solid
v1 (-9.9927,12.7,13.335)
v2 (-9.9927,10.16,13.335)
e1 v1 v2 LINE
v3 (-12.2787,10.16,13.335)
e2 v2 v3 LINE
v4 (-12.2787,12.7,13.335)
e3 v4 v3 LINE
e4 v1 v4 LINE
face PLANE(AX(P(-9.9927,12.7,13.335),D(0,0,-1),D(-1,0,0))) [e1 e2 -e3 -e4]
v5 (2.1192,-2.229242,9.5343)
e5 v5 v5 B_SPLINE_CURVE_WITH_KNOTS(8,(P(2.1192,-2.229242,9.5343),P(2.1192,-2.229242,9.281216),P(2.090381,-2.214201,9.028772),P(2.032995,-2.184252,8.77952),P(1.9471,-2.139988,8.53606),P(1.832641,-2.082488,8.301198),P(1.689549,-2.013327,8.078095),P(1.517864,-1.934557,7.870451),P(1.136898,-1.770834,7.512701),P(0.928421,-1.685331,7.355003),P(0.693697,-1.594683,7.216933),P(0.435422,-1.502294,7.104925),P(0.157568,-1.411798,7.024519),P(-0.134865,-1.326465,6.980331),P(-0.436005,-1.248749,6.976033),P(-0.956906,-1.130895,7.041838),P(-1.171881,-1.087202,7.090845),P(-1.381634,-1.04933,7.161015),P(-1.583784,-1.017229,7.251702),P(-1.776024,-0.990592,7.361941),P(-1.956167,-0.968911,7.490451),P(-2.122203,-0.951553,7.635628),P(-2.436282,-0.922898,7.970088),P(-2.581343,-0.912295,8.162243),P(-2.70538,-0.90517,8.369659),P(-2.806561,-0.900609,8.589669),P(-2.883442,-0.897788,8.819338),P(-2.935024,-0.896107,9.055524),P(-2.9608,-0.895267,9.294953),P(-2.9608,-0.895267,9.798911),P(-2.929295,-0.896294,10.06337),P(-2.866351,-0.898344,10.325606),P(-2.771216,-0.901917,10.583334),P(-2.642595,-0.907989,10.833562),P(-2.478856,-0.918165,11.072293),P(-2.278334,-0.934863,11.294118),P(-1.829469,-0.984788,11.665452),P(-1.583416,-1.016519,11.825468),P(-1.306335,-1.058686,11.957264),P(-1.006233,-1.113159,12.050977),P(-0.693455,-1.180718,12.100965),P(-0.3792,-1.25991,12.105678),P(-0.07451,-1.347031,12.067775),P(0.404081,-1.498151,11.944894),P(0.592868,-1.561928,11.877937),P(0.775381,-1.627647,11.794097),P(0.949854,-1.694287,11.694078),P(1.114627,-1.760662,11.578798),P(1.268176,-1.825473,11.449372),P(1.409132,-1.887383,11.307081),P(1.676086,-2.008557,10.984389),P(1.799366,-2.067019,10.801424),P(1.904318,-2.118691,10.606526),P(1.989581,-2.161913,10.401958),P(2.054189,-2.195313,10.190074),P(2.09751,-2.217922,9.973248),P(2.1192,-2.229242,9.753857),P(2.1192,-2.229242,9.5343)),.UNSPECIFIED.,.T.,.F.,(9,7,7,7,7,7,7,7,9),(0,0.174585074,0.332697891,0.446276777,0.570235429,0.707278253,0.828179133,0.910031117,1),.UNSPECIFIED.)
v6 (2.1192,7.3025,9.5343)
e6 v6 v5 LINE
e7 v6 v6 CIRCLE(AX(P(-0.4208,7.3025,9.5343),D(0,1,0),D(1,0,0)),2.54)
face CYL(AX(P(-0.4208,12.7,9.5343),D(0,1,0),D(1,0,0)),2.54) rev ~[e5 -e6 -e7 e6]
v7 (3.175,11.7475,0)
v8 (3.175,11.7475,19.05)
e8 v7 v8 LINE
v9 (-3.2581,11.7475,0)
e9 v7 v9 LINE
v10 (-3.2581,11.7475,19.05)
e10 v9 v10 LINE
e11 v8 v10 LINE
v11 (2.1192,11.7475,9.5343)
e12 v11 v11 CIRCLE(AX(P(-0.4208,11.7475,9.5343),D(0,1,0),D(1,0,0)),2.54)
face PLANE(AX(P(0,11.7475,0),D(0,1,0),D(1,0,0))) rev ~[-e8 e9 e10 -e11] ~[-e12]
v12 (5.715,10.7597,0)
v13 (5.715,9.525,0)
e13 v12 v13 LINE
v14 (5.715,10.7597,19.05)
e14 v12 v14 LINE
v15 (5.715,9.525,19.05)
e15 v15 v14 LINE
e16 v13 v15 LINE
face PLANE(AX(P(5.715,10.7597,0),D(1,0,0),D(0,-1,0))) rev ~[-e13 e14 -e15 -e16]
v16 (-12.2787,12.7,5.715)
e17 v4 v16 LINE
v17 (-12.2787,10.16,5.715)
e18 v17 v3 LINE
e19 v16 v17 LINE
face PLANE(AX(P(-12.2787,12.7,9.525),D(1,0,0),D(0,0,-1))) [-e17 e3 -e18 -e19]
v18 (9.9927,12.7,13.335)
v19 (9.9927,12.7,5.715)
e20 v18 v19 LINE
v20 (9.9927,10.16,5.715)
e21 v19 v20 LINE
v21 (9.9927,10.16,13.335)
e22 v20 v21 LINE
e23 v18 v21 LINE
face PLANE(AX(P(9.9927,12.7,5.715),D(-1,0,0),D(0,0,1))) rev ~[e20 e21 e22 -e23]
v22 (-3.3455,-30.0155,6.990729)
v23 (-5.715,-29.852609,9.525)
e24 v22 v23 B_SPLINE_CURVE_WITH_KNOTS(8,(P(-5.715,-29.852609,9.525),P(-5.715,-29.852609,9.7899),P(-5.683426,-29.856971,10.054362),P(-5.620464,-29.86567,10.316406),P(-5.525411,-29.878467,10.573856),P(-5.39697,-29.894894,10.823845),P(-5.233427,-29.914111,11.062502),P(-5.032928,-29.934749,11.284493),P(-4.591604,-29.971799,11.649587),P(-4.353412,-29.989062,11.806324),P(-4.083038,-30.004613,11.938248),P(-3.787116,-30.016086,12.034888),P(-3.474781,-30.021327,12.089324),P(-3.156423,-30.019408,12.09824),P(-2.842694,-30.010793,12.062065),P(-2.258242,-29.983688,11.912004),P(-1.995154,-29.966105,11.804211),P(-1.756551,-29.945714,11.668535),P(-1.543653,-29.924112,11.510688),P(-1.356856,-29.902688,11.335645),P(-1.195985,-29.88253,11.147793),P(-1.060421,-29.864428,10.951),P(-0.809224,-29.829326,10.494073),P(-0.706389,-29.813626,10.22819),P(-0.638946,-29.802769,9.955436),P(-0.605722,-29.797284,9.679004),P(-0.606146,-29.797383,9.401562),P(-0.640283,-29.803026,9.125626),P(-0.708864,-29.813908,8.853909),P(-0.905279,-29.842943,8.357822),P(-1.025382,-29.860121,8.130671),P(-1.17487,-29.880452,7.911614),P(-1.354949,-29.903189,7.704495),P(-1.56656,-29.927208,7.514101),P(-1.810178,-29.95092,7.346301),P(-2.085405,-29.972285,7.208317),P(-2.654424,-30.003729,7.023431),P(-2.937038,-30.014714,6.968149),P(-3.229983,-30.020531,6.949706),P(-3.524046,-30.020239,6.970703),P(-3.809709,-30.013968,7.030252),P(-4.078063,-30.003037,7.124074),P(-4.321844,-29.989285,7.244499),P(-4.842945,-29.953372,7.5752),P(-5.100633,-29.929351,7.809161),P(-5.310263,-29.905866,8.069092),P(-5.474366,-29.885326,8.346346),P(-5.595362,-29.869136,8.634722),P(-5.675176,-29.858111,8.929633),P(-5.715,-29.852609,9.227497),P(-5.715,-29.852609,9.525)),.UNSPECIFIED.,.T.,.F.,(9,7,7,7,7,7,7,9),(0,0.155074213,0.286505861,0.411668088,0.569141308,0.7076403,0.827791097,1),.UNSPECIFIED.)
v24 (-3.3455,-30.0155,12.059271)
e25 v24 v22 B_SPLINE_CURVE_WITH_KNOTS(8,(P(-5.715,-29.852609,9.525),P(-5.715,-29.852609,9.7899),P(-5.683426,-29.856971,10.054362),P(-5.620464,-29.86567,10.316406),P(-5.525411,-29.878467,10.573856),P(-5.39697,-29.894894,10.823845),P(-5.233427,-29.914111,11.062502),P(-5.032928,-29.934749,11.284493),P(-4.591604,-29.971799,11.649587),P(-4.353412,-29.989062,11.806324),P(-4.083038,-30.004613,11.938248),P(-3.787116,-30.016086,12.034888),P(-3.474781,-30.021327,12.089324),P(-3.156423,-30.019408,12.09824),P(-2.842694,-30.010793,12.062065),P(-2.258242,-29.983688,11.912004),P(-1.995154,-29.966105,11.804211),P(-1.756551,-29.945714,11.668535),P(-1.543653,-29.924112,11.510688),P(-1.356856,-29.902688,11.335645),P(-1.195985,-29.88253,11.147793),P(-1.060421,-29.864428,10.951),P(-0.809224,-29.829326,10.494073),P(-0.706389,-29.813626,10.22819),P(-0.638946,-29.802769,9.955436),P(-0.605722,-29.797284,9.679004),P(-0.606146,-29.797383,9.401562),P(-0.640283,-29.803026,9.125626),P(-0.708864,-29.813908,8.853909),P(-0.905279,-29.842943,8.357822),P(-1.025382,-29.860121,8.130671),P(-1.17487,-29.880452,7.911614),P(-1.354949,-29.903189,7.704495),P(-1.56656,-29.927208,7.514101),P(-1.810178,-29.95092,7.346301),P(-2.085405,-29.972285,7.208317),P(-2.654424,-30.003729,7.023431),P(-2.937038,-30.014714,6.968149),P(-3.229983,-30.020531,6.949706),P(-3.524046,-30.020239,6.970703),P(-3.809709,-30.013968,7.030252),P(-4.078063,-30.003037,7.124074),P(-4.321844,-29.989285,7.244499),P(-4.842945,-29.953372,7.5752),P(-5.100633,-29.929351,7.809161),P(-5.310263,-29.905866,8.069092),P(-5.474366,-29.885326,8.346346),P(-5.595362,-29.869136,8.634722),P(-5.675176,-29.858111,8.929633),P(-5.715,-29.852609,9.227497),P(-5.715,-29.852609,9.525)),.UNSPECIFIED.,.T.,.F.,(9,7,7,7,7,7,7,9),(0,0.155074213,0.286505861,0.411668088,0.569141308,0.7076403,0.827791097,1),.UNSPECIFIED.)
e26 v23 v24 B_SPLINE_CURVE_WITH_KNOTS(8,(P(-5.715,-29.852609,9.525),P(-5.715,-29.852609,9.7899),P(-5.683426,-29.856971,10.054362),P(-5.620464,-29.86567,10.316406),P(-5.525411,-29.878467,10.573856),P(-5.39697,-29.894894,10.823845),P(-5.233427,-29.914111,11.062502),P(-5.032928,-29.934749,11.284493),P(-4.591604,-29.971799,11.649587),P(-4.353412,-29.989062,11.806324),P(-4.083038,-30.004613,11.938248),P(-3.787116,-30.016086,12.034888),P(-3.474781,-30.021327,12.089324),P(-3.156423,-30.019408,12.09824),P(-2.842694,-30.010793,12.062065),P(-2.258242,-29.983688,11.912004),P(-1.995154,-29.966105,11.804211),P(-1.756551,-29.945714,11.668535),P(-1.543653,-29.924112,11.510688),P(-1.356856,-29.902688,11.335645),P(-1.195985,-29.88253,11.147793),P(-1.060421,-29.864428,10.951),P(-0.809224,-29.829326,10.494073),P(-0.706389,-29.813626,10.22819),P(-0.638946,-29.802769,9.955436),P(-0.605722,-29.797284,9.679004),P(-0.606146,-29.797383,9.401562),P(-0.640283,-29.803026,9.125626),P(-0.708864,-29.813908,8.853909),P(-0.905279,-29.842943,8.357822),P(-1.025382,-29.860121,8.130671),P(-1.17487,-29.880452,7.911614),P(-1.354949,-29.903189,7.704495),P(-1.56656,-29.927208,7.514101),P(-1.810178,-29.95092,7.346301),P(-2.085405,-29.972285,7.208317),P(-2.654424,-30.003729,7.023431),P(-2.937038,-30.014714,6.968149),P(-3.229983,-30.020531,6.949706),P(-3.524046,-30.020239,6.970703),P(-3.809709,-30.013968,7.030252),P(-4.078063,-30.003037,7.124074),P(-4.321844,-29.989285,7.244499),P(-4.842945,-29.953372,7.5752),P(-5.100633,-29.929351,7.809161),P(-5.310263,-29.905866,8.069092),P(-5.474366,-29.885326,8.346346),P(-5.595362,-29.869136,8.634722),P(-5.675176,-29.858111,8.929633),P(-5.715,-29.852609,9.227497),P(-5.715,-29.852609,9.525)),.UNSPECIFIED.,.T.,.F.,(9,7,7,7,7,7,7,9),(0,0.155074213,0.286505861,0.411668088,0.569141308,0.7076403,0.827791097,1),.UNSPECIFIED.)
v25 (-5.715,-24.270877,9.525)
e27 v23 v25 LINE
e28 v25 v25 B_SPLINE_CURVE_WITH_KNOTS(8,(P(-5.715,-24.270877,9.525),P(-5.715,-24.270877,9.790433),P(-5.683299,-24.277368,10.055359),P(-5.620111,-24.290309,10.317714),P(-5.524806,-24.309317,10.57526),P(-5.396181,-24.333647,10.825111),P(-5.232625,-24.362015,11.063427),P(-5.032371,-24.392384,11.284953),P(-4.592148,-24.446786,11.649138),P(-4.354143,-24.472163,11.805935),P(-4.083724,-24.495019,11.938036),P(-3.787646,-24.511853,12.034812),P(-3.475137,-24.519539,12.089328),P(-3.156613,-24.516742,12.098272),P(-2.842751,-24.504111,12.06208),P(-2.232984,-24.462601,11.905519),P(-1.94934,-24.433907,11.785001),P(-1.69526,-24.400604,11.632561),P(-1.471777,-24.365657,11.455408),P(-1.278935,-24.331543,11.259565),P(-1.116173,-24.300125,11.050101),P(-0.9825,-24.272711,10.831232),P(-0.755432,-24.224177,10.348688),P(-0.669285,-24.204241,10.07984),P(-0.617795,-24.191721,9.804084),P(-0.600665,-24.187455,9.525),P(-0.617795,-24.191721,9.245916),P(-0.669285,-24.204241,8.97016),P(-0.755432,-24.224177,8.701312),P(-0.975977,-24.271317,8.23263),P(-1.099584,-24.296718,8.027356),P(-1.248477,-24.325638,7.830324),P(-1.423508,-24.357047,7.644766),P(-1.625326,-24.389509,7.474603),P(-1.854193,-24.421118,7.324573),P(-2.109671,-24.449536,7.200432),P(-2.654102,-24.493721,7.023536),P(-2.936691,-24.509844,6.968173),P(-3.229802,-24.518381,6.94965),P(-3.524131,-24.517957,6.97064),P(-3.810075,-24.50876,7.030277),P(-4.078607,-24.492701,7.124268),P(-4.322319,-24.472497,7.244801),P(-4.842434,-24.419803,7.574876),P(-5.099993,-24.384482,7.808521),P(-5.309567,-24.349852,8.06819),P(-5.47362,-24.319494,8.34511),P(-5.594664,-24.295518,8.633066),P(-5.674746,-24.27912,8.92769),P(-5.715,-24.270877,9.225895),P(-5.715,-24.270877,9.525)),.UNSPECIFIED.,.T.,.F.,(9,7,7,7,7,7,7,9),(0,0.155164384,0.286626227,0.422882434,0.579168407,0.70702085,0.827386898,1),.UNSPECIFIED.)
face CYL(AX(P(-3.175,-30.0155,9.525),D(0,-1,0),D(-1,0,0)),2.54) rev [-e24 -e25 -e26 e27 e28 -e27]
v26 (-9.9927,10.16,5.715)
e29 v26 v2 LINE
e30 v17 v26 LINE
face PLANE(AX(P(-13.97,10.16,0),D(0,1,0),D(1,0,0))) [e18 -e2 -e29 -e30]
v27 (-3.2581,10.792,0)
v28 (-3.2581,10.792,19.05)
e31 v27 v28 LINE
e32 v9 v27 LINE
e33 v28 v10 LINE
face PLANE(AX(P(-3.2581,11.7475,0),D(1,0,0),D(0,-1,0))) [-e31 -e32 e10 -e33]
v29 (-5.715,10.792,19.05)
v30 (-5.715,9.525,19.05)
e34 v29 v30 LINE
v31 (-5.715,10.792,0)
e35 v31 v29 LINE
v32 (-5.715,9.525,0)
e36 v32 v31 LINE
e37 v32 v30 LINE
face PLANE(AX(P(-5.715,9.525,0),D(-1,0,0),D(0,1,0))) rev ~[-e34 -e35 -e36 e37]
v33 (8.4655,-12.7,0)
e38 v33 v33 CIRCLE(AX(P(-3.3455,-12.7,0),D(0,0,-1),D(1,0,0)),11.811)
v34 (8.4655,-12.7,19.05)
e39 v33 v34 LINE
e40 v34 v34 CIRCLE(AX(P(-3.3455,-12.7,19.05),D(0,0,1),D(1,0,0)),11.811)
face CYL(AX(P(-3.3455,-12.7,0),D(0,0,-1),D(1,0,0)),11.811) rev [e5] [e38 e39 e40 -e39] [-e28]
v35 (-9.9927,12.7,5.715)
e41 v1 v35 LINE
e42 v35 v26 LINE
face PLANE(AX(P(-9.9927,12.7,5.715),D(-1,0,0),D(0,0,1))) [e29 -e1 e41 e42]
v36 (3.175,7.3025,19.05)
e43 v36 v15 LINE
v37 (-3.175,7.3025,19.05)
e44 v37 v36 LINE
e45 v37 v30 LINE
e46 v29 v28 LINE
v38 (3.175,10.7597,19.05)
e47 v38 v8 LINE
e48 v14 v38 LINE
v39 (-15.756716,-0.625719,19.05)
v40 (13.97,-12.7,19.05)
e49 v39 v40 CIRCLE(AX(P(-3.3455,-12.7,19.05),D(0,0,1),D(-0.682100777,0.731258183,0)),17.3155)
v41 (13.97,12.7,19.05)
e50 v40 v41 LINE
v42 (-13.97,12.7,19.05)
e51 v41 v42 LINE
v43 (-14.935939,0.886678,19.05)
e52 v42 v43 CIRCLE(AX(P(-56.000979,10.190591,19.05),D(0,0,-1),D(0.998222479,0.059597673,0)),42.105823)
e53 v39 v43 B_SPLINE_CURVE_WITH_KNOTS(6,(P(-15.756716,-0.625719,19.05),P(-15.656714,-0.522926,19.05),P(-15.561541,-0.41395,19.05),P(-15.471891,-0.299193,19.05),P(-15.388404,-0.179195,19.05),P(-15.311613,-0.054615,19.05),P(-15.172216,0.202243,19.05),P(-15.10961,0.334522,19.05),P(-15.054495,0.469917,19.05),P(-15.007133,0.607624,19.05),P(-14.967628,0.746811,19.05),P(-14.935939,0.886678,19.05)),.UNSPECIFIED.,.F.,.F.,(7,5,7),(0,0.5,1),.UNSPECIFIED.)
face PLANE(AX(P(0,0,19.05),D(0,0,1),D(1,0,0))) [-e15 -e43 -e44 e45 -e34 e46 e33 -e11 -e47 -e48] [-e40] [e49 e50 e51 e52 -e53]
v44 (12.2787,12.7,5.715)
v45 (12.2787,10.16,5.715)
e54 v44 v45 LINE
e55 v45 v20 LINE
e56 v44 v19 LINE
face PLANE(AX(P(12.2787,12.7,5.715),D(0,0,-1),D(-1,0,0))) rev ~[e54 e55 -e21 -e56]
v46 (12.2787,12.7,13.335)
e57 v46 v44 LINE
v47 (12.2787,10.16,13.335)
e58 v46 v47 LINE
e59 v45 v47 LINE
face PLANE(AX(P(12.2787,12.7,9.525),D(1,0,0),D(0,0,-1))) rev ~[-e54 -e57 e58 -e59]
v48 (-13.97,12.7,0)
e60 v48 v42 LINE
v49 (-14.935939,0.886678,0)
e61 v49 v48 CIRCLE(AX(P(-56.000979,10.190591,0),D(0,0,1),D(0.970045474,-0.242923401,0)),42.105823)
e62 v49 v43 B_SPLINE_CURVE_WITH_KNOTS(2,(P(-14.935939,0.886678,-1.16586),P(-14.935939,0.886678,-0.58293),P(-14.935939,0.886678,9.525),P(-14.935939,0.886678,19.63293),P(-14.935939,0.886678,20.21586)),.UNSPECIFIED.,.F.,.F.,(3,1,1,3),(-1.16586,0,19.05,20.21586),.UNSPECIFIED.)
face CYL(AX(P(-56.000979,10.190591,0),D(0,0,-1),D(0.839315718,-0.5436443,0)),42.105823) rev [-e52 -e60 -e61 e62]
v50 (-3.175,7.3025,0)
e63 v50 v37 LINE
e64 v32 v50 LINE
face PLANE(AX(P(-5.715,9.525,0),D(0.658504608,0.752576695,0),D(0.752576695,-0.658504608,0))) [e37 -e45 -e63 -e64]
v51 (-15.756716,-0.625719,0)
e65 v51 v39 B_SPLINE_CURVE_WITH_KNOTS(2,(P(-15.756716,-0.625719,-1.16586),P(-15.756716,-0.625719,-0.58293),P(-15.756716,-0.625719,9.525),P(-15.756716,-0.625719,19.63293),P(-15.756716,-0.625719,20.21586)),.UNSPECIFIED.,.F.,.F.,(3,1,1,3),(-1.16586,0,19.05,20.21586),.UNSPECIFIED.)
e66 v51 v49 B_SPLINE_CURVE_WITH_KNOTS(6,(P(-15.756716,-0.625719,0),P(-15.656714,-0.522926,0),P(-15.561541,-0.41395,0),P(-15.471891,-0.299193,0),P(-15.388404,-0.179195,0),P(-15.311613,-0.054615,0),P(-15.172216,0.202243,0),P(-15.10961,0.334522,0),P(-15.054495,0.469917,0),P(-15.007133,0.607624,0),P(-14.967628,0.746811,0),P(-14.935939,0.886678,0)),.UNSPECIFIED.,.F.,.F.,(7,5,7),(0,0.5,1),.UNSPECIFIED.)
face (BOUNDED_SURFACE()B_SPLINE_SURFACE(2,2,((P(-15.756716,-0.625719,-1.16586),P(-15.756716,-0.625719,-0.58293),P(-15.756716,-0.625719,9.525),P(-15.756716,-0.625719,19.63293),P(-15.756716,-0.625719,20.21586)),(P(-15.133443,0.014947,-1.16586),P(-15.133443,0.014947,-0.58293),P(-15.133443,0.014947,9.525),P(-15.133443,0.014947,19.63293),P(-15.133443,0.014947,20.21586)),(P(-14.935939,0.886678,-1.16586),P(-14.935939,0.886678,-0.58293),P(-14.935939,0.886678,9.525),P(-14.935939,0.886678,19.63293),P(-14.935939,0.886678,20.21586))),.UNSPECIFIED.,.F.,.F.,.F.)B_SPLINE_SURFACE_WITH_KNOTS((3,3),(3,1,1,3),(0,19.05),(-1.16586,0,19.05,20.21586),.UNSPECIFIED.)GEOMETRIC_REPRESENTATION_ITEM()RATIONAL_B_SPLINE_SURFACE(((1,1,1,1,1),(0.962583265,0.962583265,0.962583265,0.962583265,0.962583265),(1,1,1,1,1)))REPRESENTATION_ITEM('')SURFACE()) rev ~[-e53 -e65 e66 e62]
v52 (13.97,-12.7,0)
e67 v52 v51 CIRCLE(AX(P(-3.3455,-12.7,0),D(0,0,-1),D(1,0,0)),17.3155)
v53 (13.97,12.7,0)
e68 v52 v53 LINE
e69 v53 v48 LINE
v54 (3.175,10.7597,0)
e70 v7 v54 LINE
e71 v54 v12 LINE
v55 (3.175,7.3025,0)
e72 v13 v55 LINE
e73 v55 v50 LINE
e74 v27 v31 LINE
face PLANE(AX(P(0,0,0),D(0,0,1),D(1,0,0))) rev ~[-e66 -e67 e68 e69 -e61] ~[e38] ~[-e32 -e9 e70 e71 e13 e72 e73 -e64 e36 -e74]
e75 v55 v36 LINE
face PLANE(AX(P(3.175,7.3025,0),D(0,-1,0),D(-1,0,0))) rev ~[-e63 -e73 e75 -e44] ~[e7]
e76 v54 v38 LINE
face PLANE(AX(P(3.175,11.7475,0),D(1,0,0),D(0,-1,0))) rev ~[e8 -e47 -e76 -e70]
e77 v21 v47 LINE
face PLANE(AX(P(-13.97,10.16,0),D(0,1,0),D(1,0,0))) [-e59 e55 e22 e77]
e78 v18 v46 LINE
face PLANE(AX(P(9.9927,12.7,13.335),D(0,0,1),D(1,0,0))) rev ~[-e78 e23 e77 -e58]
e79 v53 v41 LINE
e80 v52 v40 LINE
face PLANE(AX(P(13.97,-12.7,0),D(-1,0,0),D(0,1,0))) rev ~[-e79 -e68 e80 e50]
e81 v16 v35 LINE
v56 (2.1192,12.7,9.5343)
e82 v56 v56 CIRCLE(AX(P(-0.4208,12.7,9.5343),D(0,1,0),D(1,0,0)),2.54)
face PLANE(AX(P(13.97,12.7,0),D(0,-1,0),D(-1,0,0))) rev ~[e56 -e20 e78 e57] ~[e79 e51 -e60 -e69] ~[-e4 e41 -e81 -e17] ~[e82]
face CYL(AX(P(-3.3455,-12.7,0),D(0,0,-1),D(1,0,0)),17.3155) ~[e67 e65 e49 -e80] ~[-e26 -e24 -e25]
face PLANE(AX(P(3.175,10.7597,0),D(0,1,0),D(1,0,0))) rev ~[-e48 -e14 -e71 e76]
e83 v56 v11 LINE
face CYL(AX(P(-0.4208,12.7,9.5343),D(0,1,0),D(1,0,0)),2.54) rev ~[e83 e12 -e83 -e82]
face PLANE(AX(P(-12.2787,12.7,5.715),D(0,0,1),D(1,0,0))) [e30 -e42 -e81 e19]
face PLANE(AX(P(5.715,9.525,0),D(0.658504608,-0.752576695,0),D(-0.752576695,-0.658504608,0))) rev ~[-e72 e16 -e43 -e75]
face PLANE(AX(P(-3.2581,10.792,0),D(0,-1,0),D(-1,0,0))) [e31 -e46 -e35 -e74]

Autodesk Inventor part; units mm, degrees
ref_plane "YZ Plane" through (0, 0, 0) normal (1, 0, 0) x (0, 1, 0)
sketch "Sketch1" plane through (0, 0, 0) normal (0, 0, 1) x (1, 0, 0)
  line L0 (-13.97, -12.7) -> (13.97, -12.7)
  line L1 (13.97, -12.7) -> (13.97, 12.7)
  line L2 (13.97, 12.7) -> (-13.97, 12.7)
  line L3 (-13.97, 12.7) -> (-13.97, -12.7)
  line L4 (-13.97, -12.7) -> (13.97, 12.7) construction
  line L5 (13.97, -12.7) -> (-13.97, 12.7) construction
  arc A0 (-13.97, -12.7) -> (13.97, -12.7) centre (0, -12.7) ccw
  circle A1 centre (-3.3455, -12.7) radius 11.811
  line L6 (0, -12.7) -> (-13.97, -12.7)
  line L7 (0, -12.7) -> (-6.985, -12.7)
  circle A2 centre (-3.3455, -12.7) radius 17.3155
  arc A3 (-20.6609, -12.7) -> (-13.97, 12.7) centre (-56.001, 10.1906) ccw
  point P0 (0, 0)
  point P1 (-15.1565, -0.038)
  dimension "d0" = 27.94
  dimension "d1" = 25.4
  dimension "d2" = 23.622
sketch "Sketch5" plane through (0, 0, 0) normal (0, 0, 1) x (1, 0, 0)
  line L0 (0, 12.7) -> (0, 6.35)
  line L1 (0, 12.7) -> (0, 9.525)
  line L2 (5.715, 7.3025) -> (-5.715, 7.3025)
  line L3 (-5.715, 7.3025) -> (-5.715, 11.7475)
  line L4 (-5.715, 11.7475) -> (5.715, 11.7475)
  line L5 (5.715, 11.7475) -> (5.715, 7.3025)
  line L6 (5.715, 7.3025) -> (-5.715, 11.7475) construction
  line L7 (-5.715, 7.3025) -> (5.715, 11.7475) construction
  line L8 (5.715, 11.7475) -> (3.175, 11.7475)
  line L9 (3.175, 11.7475) -> (3.175, 10.7597)
  line L10 (3.175, 10.7597) -> (5.715, 10.7597)
  line L11 (5.715, 10.7597) -> (5.715, 11.7475)
  line L12 (-5.715, 11.7475) -> (-3.2581, 11.7475)
  line L13 (-3.2581, 11.7475) -> (-3.2581, 10.792)
  line L14 (-3.2581, 10.792) -> (-5.715, 10.792)
  line L15 (-5.715, 10.792) -> (-5.715, 11.7475)
  line L16 (5.715, 9.525) -> (3.175, 7.3025)
  line L17 (-5.715, 9.525) -> (-3.175, 7.3025)
  point P0 (0, 0)
  point P1 (5.715, 10.7597)
  point P2 (-3.2581, 11.7475)
  point P3 (-5.715, 10.792)
  dimension "d5" = 4.445
  dimension "d6" = 11.43
  dimension "d7" = 2.54
ref_plane "Work Plane4" through (-13.97, 12.7, 0) normal (0, 1, 0) x (1, 0, 0)
sketch "Sketch6" plane through (-13.97, 12.7, 0) normal (0, 1, 0) x (1, 0, 0)
  circle A0 centre (13.5492, -9.5343) radius 2.54
  dimension "d19" = 5.08
extrude "Extrusion7" add sketch "Sketch1" along normal blind 19.05 contours A1 A0 A2 A3 L3 | L3 A2 L0 A1 | A1 L0 A0 | A2 A3 L3 | L3 A3 L2 L1 A2 | A3 A2 picked at (12.0052, -13.7923)
extrude "Extrusion8" cut sketch "Sketch5" along normal blind 20.32 contours L4 L9 L10 L5 L16 L2 L0 | L0 L2 L17 L3 L14 L13 L4
extrude "Extrusion9" cut sketch "Sketch6" against normal blind 15.24
fillet "Fillet1" radius 3.175 1 edges at (-15.1565, -0.038, 9.525)
sketch "Sketch10" plane through (-13.97, 12.7, 0) normal (0, 1, 0) x (1, 0, 0)
  line L0 (13.97, 0) -> (13.97, -20.32)
  line L1 (0.0748, -19.05) -> (0.0748, 0) projected
  line L2 (0.0748, -9.525) -> (27.94, -9.525)
  line L3 (27.94, 0) -> (27.94, -19.05) projected
  line L4 (3.9773, -13.335) -> (1.6913, -13.335)
  line L5 (1.6913, -13.335) -> (1.6913, -5.715)
  line L6 (1.6913, -5.715) -> (3.9773, -5.715)
  line L7 (3.9773, -5.715) -> (3.9773, -13.335)
  line L8 (3.9773, -13.335) -> (1.6913, -5.715) construction
  line L9 (1.6913, -13.335) -> (3.9773, -5.715) construction
  line L10 (23.9627, -13.335) -> (26.2487, -13.335)
  line L11 (26.2487, -13.335) -> (26.2487, -5.715)
  line L12 (26.2487, -5.715) -> (23.9627, -5.715)
  line L13 (23.9627, -5.715) -> (23.9627, -13.335)
  point P0 (2.8343, -9.525)
  dimension "d32" = 2.286
  dimension "d33" = 7.62
extrude "Extrusion10" cut sketch "Sketch10" against normal blind 2.54
ref_plane "Work Plane5" through (-3.3455, -30.0155, 0) normal (0, 1, 0) x (-1, 0, 0)
sketch "Sketch11" plane through (-3.3455, -30.0155, 0) normal (0, 1, 0) x (-1, 0, 0)
  line L0 (-0.1705, 0) -> (-0.1705, 19.05) projected
  circle A0 centre (-0.1705, 9.525) radius 2.54
  point P0 (-3.3455, 0)
  dimension "d36" = 5.08
extrude "Extrusion11" cut sketch "Sketch11" along normal blind 15.24
properties part number "MotorBearingHolder"
